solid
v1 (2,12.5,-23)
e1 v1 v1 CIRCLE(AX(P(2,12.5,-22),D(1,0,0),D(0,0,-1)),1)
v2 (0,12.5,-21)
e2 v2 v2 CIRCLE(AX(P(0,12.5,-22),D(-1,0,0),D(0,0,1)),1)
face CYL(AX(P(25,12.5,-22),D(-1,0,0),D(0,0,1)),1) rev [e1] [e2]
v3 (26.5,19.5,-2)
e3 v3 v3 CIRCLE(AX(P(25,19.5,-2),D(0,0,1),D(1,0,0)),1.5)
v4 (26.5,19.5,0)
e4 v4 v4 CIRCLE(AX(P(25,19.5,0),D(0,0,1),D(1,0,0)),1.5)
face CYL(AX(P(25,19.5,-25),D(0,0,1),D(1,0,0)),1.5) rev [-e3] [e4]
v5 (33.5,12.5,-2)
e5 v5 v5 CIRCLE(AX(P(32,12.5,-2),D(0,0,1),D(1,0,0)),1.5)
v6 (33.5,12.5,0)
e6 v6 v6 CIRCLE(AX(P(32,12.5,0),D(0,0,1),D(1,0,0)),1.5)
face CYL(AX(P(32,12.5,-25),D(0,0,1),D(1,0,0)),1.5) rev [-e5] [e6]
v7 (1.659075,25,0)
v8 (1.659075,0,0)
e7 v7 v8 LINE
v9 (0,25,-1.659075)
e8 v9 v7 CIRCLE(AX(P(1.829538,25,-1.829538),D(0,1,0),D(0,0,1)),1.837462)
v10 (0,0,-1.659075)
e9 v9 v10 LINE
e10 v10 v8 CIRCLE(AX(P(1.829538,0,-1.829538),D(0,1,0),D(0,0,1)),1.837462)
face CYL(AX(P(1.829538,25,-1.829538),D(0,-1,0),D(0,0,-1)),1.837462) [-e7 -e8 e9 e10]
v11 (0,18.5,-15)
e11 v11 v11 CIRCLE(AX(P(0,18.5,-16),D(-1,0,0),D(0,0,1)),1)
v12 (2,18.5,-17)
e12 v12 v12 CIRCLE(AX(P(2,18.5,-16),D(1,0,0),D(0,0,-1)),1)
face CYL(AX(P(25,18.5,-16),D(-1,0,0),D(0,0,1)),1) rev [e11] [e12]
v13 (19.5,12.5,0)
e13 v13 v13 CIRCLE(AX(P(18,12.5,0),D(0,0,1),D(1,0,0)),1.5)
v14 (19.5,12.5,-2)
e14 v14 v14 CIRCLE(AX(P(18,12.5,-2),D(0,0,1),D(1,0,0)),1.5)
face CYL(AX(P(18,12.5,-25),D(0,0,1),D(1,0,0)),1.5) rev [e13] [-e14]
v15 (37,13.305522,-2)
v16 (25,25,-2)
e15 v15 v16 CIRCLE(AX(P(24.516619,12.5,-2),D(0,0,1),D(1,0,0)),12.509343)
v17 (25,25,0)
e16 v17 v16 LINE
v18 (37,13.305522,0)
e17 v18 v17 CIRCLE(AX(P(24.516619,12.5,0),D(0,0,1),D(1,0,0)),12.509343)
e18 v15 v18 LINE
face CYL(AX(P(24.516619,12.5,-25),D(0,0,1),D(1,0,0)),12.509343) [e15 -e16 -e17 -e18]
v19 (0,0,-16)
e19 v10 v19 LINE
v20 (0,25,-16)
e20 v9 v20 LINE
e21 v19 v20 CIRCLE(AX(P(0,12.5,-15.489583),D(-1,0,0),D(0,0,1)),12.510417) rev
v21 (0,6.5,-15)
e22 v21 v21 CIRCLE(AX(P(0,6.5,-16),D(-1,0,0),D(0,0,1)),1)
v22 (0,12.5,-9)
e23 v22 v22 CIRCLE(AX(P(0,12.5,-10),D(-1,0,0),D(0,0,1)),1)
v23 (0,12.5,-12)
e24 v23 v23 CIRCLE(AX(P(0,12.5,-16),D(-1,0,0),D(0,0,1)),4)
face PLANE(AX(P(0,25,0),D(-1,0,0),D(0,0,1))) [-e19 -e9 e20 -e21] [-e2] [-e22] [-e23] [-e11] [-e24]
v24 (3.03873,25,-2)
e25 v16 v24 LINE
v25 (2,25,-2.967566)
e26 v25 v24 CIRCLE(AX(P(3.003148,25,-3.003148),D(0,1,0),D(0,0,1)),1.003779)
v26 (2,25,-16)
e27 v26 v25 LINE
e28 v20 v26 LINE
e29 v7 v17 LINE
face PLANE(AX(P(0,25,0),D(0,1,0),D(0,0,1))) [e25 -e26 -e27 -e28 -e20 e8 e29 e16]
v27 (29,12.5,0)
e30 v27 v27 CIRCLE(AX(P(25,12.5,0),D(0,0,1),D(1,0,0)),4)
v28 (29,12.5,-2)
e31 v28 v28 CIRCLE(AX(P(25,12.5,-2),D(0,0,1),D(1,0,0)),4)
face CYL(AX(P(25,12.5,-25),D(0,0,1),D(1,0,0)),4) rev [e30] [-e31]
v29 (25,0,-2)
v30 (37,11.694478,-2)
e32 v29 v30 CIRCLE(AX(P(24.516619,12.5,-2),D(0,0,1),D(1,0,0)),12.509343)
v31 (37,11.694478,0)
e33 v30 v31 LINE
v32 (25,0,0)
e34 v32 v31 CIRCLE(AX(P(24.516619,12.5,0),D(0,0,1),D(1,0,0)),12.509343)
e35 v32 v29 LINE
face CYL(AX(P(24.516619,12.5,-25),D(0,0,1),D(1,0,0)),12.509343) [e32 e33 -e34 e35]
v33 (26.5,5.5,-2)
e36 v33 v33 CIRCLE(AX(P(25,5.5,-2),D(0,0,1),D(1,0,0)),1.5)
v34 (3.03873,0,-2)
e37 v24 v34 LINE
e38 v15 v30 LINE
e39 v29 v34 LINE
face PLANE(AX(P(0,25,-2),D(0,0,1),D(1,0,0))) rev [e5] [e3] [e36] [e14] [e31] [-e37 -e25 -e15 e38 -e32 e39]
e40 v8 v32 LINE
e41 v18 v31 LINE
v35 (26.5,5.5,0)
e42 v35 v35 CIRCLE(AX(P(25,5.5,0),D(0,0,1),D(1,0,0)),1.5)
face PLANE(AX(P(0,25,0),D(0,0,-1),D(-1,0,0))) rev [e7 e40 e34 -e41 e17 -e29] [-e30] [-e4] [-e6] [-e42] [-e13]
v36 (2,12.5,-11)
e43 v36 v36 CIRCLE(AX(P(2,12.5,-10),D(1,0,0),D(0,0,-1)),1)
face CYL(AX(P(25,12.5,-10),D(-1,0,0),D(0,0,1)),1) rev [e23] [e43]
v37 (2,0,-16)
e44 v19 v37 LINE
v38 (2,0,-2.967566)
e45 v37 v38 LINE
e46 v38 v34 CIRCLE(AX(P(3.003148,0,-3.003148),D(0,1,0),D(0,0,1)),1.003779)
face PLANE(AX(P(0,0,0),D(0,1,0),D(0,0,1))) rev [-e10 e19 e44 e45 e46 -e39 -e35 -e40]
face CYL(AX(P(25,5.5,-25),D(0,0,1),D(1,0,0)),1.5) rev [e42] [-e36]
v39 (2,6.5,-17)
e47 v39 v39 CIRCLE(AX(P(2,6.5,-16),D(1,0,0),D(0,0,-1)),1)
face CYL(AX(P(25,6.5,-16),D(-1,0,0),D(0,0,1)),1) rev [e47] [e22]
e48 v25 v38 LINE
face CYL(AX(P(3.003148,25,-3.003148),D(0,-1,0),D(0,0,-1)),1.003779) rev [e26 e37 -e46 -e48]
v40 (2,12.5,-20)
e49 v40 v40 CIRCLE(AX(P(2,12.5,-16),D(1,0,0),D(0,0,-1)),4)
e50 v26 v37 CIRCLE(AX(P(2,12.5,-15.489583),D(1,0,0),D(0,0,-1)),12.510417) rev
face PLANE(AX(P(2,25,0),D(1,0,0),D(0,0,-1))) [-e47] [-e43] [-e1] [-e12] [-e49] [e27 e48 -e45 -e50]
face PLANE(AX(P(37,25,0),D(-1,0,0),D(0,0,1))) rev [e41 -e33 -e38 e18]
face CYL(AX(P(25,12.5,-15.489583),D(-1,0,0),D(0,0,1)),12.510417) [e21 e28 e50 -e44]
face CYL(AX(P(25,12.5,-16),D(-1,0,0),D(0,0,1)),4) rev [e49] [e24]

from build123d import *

# Parameters (mm, degrees)
BOSS_EXTRUDE1_DEPTH = 25
CUT_EXTRUDE1_DEPTH  = 25
CUT_EXTRUDE2_DEPTH  = 25
SKETCH5_R           = 4
SKETCH5_R_2         = 1.5
CUT_EXTRUDE3_DEPTH  = 25
SKETCH6_R           = 4
SKETCH6_R_2         = 1
CUT_EXTRUDE4_DEPTH  = 25


with BuildPart() as part:
    # Sketch1 → Boss-Extrude1 (new body)
    with BuildSketch(Plane(origin=(0, 0, 0), x_dir=(1, 0, 0), z_dir=(0, 1, 0))):
        with BuildLine():
            ThreePointArc((0, 1.659075407), (0.530256055, 0.530256055), (1.659075407, 0))
            Line((1.659075407, 0), (2, 0))
            Line((2, 0), (37, 0))
            Line((37, 0), (37, 2))
            Line((37, 2), (3.038729714, 2))
            ThreePointArc((3.038729714, 2), (3.003147911, 1.999369152), (2.967566108, 2))
            ThreePointArc((2.967566108, 2), (2.293369144, 2.293369144), (2, 2.967566108))
            Line((2, 2.967566108), (2, 28))
            Line((2, 28), (0, 28))
            Line((0, 28), (0, 2))
            Line((0, 2), (0, 1.659075407))
        make_face()
    extrude(amount=BOSS_EXTRUDE1_DEPTH)

    # Sketch2 → Cut-Extrude1 (cut)
    with BuildSketch(Plane.ZY):
        with BuildLine():
            ThreePointArc((-28, 12.5), (-24.514439297, 21.163861726), (-16, 25))
            Line((-16, 25), (-28, 25))
            Line((-28, 25), (-28, 12.5))
        make_face()
        with BuildLine():
            ThreePointArc((-16, 0), (-24.514439297, 3.836138274), (-28, 12.5))
            Line((-28, 12.5), (-28, 0))
            Line((-28, 0), (-16, 0))
        make_face()
    extrude(amount=-CUT_EXTRUDE1_DEPTH, mode=Mode.SUBTRACT)

    # Sketch4 → Cut-Extrude2 (cut)
    with BuildSketch(Plane.XY):
        with BuildLine():
            Line((37, 25), (25, 25))
            ThreePointArc((25, 25), (33.247279652, 21.458751494), (37, 13.305521912))
            Line((37, 13.305521912), (37, 25))
        make_face()
        with BuildLine():
            Line((37, 0), (37, 11.694478088))
            ThreePointArc((37, 11.694478088), (33.247279652, 3.541248506), (25, 0))
            Line((25, 0), (37, 0))
        make_face()
    extrude(amount=-CUT_EXTRUDE2_DEPTH, mode=Mode.SUBTRACT)

    # Sketch5 → Cut-Extrude3 (cut)
    with BuildSketch(Plane.XY):
        with Locations((25, 12.5)):
            Circle(SKETCH5_R)
        with Locations((25, 19.5)):
            Circle(SKETCH5_R_2)
        with Locations((32, 12.5)):
            Circle(SKETCH5_R_2)
        with Locations((25, 5.5)):
            Circle(SKETCH5_R_2)
        with Locations((18, 12.5)):
            Circle(SKETCH5_R_2)
    extrude(amount=-CUT_EXTRUDE3_DEPTH, mode=Mode.SUBTRACT)

    # Sketch6 → Cut-Extrude4 (cut)
    with BuildSketch(Plane.ZY):
        with Locations((-16, 12.5)):
            Circle(SKETCH6_R)
        with Locations((-16, 18.5)):
            Circle(SKETCH6_R_2)
        with Locations((-10, 12.5)):
            Circle(SKETCH6_R_2)
        with Locations((-16, 6.5)):
            Circle(SKETCH6_R_2)
        with Locations((-22, 12.5)):
            Circle(SKETCH6_R_2)
    extrude(amount=-CUT_EXTRUDE4_DEPTH, mode=Mode.SUBTRACT)


solid = part.part
